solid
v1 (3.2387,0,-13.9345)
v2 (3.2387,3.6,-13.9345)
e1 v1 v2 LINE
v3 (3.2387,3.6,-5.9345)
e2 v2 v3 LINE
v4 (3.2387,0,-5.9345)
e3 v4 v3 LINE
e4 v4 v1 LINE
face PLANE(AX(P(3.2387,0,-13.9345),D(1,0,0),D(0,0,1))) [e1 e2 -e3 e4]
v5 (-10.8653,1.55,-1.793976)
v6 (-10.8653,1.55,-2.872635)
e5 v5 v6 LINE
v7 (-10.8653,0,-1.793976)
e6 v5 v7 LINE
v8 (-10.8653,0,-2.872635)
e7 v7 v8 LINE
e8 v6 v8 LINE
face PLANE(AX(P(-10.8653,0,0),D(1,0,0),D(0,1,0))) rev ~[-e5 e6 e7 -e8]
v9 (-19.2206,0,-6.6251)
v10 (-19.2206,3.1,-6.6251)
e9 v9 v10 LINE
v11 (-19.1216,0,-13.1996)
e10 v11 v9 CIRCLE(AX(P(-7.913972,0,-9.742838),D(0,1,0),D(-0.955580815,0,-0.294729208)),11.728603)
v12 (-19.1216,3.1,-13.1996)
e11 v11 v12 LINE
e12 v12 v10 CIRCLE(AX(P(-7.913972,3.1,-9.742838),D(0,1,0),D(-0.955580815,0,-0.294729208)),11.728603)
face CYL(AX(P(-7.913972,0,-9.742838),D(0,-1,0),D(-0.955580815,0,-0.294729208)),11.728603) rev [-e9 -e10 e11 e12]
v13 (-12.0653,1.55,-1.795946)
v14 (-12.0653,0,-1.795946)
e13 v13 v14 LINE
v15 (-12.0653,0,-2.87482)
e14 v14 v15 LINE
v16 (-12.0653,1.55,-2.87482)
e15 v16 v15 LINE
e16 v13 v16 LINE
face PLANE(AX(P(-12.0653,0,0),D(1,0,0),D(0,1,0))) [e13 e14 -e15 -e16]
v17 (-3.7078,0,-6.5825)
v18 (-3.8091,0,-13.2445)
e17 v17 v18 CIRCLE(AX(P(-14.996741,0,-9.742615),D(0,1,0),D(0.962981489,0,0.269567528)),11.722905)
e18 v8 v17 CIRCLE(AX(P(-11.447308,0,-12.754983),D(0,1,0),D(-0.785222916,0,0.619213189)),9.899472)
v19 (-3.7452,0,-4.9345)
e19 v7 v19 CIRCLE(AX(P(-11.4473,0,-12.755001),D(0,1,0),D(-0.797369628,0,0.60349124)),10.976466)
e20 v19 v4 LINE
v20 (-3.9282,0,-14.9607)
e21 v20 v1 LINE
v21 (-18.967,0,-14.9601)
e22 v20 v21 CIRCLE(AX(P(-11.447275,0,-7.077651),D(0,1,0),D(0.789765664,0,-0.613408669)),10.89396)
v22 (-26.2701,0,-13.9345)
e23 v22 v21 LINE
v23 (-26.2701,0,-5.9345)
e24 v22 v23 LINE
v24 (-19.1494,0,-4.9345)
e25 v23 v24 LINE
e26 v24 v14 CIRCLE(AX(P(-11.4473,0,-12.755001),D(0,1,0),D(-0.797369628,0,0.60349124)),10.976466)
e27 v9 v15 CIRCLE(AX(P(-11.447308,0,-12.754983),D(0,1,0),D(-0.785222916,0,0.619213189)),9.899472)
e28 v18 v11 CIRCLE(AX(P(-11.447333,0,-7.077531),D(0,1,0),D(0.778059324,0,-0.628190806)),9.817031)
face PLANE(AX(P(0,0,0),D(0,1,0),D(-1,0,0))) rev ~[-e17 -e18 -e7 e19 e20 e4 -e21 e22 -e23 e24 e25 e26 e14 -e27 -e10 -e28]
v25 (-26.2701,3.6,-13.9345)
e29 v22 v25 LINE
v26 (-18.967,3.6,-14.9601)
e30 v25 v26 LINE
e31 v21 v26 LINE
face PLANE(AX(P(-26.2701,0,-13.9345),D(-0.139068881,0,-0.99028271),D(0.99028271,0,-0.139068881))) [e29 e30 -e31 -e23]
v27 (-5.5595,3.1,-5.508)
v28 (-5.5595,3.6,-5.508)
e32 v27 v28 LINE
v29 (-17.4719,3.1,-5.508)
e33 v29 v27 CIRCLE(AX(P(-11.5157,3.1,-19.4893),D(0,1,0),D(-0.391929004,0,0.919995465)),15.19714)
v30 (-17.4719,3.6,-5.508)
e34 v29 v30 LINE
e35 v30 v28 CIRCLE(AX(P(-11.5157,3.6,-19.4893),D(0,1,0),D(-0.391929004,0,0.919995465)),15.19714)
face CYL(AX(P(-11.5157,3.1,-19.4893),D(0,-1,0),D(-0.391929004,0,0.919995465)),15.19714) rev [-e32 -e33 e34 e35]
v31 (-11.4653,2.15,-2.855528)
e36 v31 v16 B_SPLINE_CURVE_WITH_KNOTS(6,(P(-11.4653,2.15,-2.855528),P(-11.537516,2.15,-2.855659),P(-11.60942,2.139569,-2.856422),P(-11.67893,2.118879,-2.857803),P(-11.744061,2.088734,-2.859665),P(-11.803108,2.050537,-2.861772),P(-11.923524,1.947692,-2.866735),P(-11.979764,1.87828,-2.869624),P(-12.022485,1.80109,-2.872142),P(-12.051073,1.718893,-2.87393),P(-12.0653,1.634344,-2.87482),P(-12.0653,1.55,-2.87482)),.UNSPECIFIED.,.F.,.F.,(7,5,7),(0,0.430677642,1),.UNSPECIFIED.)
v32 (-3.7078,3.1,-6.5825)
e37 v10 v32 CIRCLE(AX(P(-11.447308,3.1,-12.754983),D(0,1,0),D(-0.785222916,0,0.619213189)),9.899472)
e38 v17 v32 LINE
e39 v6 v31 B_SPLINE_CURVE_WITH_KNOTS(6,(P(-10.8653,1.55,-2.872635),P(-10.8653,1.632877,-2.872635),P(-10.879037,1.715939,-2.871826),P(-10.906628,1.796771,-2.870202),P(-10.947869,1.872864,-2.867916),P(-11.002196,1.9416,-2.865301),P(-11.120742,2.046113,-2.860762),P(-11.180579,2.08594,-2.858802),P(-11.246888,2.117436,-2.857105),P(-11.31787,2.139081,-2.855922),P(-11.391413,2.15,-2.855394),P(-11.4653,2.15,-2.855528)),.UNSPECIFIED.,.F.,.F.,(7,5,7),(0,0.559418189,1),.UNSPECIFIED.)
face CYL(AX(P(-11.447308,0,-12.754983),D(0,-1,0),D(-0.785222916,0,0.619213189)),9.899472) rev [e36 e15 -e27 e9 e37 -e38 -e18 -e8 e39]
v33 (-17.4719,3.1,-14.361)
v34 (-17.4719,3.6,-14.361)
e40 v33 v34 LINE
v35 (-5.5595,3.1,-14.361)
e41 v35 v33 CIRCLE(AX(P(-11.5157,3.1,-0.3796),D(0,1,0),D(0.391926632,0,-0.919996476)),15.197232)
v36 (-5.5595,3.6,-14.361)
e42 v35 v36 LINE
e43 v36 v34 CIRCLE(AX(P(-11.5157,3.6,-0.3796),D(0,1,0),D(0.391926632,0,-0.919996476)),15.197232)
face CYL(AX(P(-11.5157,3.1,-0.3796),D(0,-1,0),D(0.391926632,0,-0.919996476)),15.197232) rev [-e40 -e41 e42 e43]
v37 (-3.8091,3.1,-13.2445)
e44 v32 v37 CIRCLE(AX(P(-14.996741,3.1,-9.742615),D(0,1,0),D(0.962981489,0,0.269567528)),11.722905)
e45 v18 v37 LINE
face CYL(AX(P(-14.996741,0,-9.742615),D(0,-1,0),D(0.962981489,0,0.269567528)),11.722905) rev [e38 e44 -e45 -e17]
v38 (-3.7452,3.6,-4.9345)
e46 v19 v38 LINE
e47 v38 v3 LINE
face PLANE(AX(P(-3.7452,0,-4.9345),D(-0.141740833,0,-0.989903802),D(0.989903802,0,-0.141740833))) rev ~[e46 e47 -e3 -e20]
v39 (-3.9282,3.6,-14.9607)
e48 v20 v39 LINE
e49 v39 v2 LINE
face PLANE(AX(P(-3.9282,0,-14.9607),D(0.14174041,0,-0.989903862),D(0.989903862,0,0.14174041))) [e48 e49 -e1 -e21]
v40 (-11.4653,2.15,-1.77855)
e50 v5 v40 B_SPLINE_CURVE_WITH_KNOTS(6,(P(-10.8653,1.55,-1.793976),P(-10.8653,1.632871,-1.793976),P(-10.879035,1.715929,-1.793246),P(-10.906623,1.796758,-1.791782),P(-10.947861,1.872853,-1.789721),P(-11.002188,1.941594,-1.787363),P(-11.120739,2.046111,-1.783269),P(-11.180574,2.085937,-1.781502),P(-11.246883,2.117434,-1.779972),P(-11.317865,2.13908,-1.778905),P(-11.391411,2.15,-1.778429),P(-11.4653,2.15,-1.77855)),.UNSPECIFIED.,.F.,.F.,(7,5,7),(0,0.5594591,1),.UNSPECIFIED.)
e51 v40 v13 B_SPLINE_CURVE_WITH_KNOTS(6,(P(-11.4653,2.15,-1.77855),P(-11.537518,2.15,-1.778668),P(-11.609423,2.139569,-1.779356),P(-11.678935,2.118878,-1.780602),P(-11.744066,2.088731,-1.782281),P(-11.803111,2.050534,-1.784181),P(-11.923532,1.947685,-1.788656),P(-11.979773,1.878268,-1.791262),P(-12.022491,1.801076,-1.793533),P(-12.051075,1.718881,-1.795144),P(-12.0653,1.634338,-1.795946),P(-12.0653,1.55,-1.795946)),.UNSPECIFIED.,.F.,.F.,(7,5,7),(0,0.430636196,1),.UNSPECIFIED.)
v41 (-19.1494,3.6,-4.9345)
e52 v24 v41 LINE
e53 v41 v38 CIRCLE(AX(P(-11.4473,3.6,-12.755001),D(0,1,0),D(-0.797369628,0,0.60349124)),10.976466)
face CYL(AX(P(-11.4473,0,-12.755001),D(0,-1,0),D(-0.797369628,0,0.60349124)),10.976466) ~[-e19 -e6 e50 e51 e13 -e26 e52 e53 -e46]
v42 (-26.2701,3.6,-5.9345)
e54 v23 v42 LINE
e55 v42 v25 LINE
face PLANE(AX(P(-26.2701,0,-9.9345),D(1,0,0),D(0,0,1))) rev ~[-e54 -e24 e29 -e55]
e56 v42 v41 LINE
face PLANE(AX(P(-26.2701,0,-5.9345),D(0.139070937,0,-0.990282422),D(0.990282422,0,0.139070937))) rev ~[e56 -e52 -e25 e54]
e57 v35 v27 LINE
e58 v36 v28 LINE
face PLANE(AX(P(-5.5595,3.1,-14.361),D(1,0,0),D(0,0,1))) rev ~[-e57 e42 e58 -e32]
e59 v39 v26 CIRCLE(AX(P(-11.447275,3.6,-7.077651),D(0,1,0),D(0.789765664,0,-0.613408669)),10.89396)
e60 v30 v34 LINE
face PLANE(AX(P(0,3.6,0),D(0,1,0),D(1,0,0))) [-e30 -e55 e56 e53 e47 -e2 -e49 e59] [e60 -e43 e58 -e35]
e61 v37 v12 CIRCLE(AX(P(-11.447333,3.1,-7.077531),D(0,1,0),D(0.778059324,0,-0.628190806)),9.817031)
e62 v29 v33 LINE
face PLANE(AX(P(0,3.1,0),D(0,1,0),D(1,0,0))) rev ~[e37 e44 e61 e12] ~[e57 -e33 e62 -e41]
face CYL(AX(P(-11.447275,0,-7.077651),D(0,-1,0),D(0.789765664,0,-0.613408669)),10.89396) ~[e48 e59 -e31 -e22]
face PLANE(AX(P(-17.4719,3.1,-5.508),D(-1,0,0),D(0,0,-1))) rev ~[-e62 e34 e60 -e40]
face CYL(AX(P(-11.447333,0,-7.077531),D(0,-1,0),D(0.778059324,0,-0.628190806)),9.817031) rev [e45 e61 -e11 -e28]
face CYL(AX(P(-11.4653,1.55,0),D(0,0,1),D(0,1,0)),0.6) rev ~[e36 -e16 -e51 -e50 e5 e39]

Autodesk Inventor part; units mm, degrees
ref_plane "Arbeitsebene3" through (-3.4226, 4.8, -13.6708) normal (0.2249, 0.9744, -0.004) x (0.0178, 0, 0.9998)
ref_plane "YZ Plane" through (0, 0, 0) normal (1, 0, 0) x (0, 1, 0)
ref_plane "XZ Plane" through (0, 0, 0) normal (0, 1, 0) x (-1, 0, 0)
sketch "Skizze1" plane through (0, 0, 0) normal (0, 1, 0) x (-1, 0, 0)
  line L0 (0, 0) -> (21.4435, 0) construction
  line L1 (21.4435, 0) -> (21.4435, -17.7713) construction
  line L2 (21.4435, -17.7713) -> (0, -17.7713) construction
  line L3 (0, -17.7713) -> (0, 0) construction
  arc A0 (3.4429, -6.1124) -> (3.5369, -12.2987) centre (13.9264, -9.047) ccw
  arc A1 (3.5369, -12.2987) -> (17.7561, -12.2571) centre (10.6298, -6.5721) ccw
  arc A2 (17.8481, -6.152) -> (3.4429, -6.1124) centre (10.6298, -11.844) ccw
  arc A3 (17.7561, -12.2571) -> (17.8481, -6.152) centre (7.348, -9.047) ccw
  line L4 (3.0399, -9.047) -> (18.2399, -9.047)
  line L5 (10.6298, -2.6515) -> (10.6298, -15.6882)
  dimension "d9" = 15.2
  dimension "d12" = 13.0368
sketch "Skizze2" plane through (0, 0, 0) normal (0, 1, 0) x (-1, 0, 0)
  line L0 (0, 0) -> (21.0912, 0) construction
  line L1 (21.0912, 0) -> (21.0912, -24.0698) construction
  line L2 (21.0912, -24.0698) -> (0, -24.0698) construction
  line L3 (0, -24.0698) -> (0, 0) construction
  line L4 (17.3479, -12.3442) -> (17.5564, -17.8355)
  line L5 (0, -15.4153) -> (21.0912, -15.022)
  point P0 (17.4522, -15.0899)
  point P1 (17.8576, -15.0823)
  point P2 (2.6602, -15.3657)
  point P3 (10.1167, -10.9016)
  point P4 (10.0352, -15.2282)
  point P5 (10.3203, -19.614)
  point P6 (15.9484, -15.1179)
  point P7 (4.4034, -15.3332)
  dimension "d38" = 15.2
  dimension "d47" = 8.7147
sketch "Skizze3" plane through (0, 0, 0) normal (0, 1, 0) x (-1, 0, 0)
  line L0 (0, 0) -> (41.0457, 0) construction
  line L1 (41.0457, 0) -> (41.0457, -50.0176) construction
  line L2 (41.0457, -50.0176) -> (0, -50.0176) construction
  line L3 (0, -50.0176) -> (0, 0) construction
  arc A0 (26.8609, -29.1094) -> (14.9484, -29.1094) centre (20.9046, -43.0907) ccw
  arc A1 (14.9484, -37.9624) -> (26.8609, -37.9624) centre (20.9046, -23.981) ccw
  line L4 (26.8609, -29.1094) -> (26.8609, -37.9624)
  line L5 (14.9484, -37.9624) -> (14.9484, -29.1094)
  point P0 (20.7813, -28.8717)
  point P1 (20.996, -37.5841)
  dimension "d49" = 8.715
  dimension "d57" = 15.1972
  dimension "d58" = 15.1972
  dimension "d59" = 11.9125
  dimension "d67" = 8.853
  dimension "d69" = 0
  dimension "d70" = 8.853
sketch "Skizze4" plane through (0, 0, 0) normal (0, 1, 0) x (-1, 0, 0)
  arc A0 (19.2206, -6.6251) -> (3.7078, -6.5825) centre (11.4473, -12.755) ccw
  arc A1 (19.1216, -13.1996) -> (19.2206, -6.6251) centre (7.9131, -9.7427) ccw
  arc A2 (3.8091, -13.2445) -> (19.1216, -13.1996) centre (11.4473, -7.0776) ccw
  arc A3 (3.7078, -6.5825) -> (3.8091, -13.2445) centre (14.9974, -9.7427) ccw
  arc A4 (20.1996, -6.1308) -> (2.731, -6.0835) centre (11.4473, -12.755) ccw
  arc A5 (20.0894, -13.7103) -> (20.1996, -6.1308) centre (7.9131, -9.7427) ccw
  arc A6 (2.8436, -13.7601) -> (20.0894, -13.7103) centre (11.4473, -7.0776) ccw
  arc A7 (2.731, -6.0835) -> (2.8436, -13.7601) centre (14.9974, -9.7427) ccw
  point P0 (0, 0)
  dimension "d60" = 1.077
extrude "Extrusion1" add sketch "Skizze4" along normal blind 3.1
sketch "Skizze8" plane through (0, 3.1, 0) normal (0, 1, 0) x (1, 0, 0)
  line L0 (-17.4719, 5.508) -> (-17.4719, 14.361)
  arc A0 (-17.4719, 5.508) -> (-5.5595, 5.508) centre (-11.5157, 19.4893) ccw
  arc A1 (-5.5595, 14.361) -> (-17.4719, 14.361) centre (-11.5157, 0.3796) ccw
  line L1 (-5.5595, 14.361) -> (-5.5595, 5.508)
  line L2 (-17.4719, 5.508) -> (-5.5595, 14.361) construction
  line L3 (-17.4719, 14.361) -> (-5.5595, 5.508) construction
  arc A2 (-19.1216, 13.1996) -> (-19.2206, 6.6251) centre (-7.9131, 9.7427) ccw construction
  arc A3 (-3.8091, 13.2445) -> (-19.1216, 13.1996) centre (-11.4473, 7.0776) ccw construction
  arc A4 (-3.7078, 6.5825) -> (-3.8091, 13.2445) centre (-14.9974, 9.7427) ccw construction
  arc A5 (-19.2206, 6.6251) -> (-3.7078, 6.5825) centre (-11.4473, 12.755) ccw construction
  arc A6 (-20.1996, 6.1308) -> (-2.731, 6.0835) centre (-11.4473, 12.755) ccw projected
  arc A7 (-2.731, 6.0835) -> (-2.8436, 13.7601) centre (-14.9974, 9.7427) ccw projected
  arc A8 (-2.8436, 13.7601) -> (-20.0894, 13.7103) centre (-11.4473, 7.0776) ccw projected
  arc A9 (-20.0894, 13.7103) -> (-20.1996, 6.1308) centre (-7.9131, 9.7427) ccw projected
  line L4 (-19.2206, 6.6251) -> (-3.8091, 13.2445) construction
  line L5 (-19.1216, 13.1996) -> (-3.7078, 6.5825) construction
  point P0 (0, 0)
  point P1 (-11.5157, 9.9345)
  point P2 (-11.5157, 9.9345)
extrude "Extrusion3" add sketch "Skizze8" along normal blind 0.5
sketch "Skizze9" plane through (0, 0, 0) normal (0, 0, 1) x (1, 0, 0)
  line L0 (-2.731, 0) -> (-20.1996, 0) construction
  line L1 (-2.731, 0) -> (-2.731, 3.6) construction
  line L2 (-20.1996, 3.6) -> (-2.731, 3.6) construction
  line L3 (-20.1996, 0) -> (-20.1996, 3.6) construction
  line L4 (-3.8091, 0) -> (-19.1216, 0) projected
  line L5 (-11.4653, 0) -> (-12.0653, 0)
  line L6 (-12.0653, 0) -> (-12.0653, 1.55)
  arc A0 (-11.4653, 2.15) -> (-12.0653, 1.55) centre (-11.4653, 1.55) ccw
  line L7 (-11.4653, 1.55) -> (-11.4653, 2.15) construction
  line L8 (-11.4653, 1.55) -> (-12.0653, 1.55) construction
  line L9 (-11.4653, 0) -> (-11.4653, 6.3928) construction
  line L10 (-20.1996, 0) -> (-2.731, 0) construction
  line L11 (-10.8653, 0) -> (-10.8653, 1.55)
  arc A1 (-10.8653, 1.55) -> (-11.4653, 2.15) centre (-11.4653, 1.55) ccw
  line L12 (-11.4653, 0) -> (-10.8653, 0)
  point P0 (0, 0)
  dimension "d75" = 0.6
  dimension "d76" = 90
  dimension "d77" = 1.55
extrude "Extrusion4" cut sketch "Skizze9" against normal up to next
sketch "Skizze10" plane through (0, 0, 0) normal (0, 1, 0) x (-1, 0, 0)
  arc A0 (5.5595, -14.361) -> (17.4719, -14.361) centre (11.5157, -0.3796) ccw projected
  line L0 (5.5595, -14.361) -> (5.5595, -5.508) projected
  arc A1 (17.4719, -5.508) -> (5.5595, -5.508) centre (11.5157, -19.4893) ccw projected
  line L1 (17.4719, -5.508) -> (17.4719, -14.361) projected
  arc A2 (20.1996, -6.1308) -> (2.731, -6.0835) centre (11.4473, -12.755) ccw projected
  arc A3 (2.731, -6.0835) -> (2.8436, -13.7601) centre (14.9974, -9.7427) ccw projected
  arc A4 (2.8436, -13.7601) -> (20.0894, -13.7103) centre (11.4473, -7.0776) ccw projected
  arc A5 (20.0894, -13.7103) -> (20.1996, -6.1308) centre (7.9131, -9.7427) ccw projected
  arc A6 (20.1996, -6.1308) -> (2.731, -6.0835) centre (11.4473, -12.755) ccw projected
  line L2 (5.5595, -14.361) -> (5.5595, -5.508) construction
  line L3 (5.5595, -9.9345) -> (-7.2798, -9.9345) construction
  line L4 (3.7452, -4.9345) -> (-3.2387, -5.9345)
  line L5 (-3.2387, -5.9345) -> (-3.2387, -9.9345)
  line L6 (3.9282, -14.9607) -> (-3.2387, -13.9345)
  line L7 (-3.2387, -13.9345) -> (-3.2387, -9.9345)
  line L8 (17.4719, -5.508) -> (17.4719, -14.361) construction
  line L9 (17.4719, -9.9345) -> (23.9782, -9.9345) construction
  line L10 (22.5662, -4.9345) -> (14.2748, -4.9345) construction
  arc A7 (2.731, -6.0835) -> (2.8436, -13.7601) centre (14.9974, -9.7427) ccw construction
  line L11 (26.2701, -9.9345) -> (26.2701, -5.9345)
  line L12 (26.2701, -5.9345) -> (19.1494, -4.9345)
  line L13 (26.2701, -9.9345) -> (26.2701, -13.9345)
  line L14 (26.2701, -13.9345) -> (18.967, -14.9601)
  point P0 (0, 0)
  point P1 (3.7452, -14.9345)
  point P2 (2.1983, -9.9345)
  point P3 (2.1983, -9.9345)
  point P4 (19.1494, -14.9345)
  dimension "d80" = 5
  dimension "d81" = 5
  dimension "d82" = 8.7982
  dimension "d83" = 8.7982
  dimension "d84" = 4
  dimension "d85" = 4
extrude "Extrusion5" add sketch "Skizze10" along normal up to surface (3.6 mm away) contours A2 L12 L11 L13 L14 A4 A5 | A2 A3 A4 L6 L7 L5 L4
sketch "Skizze13" plane through (0, 0, 0) normal (0, -1, 0) x (1, 0, 0)
  line L0 (-3.7452, -4.9345) -> (3.2387, -5.9345) projected
  line L1 (3.2387, -13.9345) -> (-3.9282, -14.9607) projected
  arc A0 (-3.8091, -13.2445) -> (-3.7078, -6.5825) centre (-14.9974, -9.7427) ccw projected
  arc A1 (-3.3813, -14.9345) -> (-2.5876, -6.9345) centre (-14.9974, -9.7427) ccw
  line L2 (3.2387, -5.9345) -> (3.2387, -13.9345) projected
  line L3 (3.2387, -6.9345) -> (-2.5876, -6.9345)
  line L4 (3.2387, -14.9345) -> (-3.3813, -14.9345)
  point P0 (0, 0)
  dimension "d92" = 1
  dimension "d104" = 1
  dimension "d105" = 1
sketch "Skizze12" plane through (0, 0, 0) normal (0, -1, 0) x (1, 0, 0)
  arc A0 (-3.5369, -12.2987) -> (-3.4429, -6.1124) centre (-13.9264, -9.047) ccw projected
  arc A1 (-17.7561, -12.2571) -> (-3.5369, -12.2987) centre (-10.6298, -6.5721) ccw projected
  arc A2 (-17.8481, -6.152) -> (-17.7561, -12.2571) centre (-7.348, -9.047) ccw projected
  arc A3 (-11.2465, -2.6722) -> (-17.8481, -6.152) centre (-10.6298, -11.844) ccw projected
  line L0 (-11.2465, -2.6722) -> (-11.2465, -1.6701) projected
  arc A4 (-11.2465, -1.6701) -> (-17.9952, -4.7985) centre (-10.6298, -11.844) ccw projected
  line L1 (-25.4478, -5.693) -> (-17.9952, -4.7985) projected
  line L2 (-25.4478, -12.757) -> (-25.4478, -5.693) projected
  line L3 (-17.8374, -13.6705) -> (-25.4478, -12.757) projected
  arc A5 (-17.8374, -13.6705) -> (-3.4226, -13.6708) centre (-10.6298, -6.5721) ccw projected
  line L4 (-17.9952, -4.7985) -> (-17.963, -6.6068)
  line L5 (-17.8695, -11.8632) -> (-17.8374, -13.6705)
  arc A6 (-2.3529, -11.757) -> (-2.2753, -6.693) centre (-13.9264, -9.047) ccw projected
  line L6 (4.0611, -5.693) -> (4.0611, -6.693) projected
  line L7 (-3.2644, -4.7985) -> (4.0611, -5.693) projected
  arc A7 (-3.2644, -4.7985) -> (-10.0465, -1.6682) centre (-10.6298, -11.844) ccw projected
  line L8 (-10.0465, -1.6682) -> (-10.0465, -2.67) projected
  arc A8 (-3.4429, -6.1124) -> (-10.0465, -2.67) centre (-10.6298, -11.844) ccw projected
  line L9 (4.0611, -12.757) -> (-3.4226, -13.6708) projected
  line L10 (4.0611, -11.757) -> (4.0611, -12.757) projected
  line L11 (4.0611, -11.757) -> (-2.3529, -11.757) projected
  line L12 (-2.2753, -6.693) -> (4.0611, -6.693) projected
  point P0 (0, 0)
properties part number "Main"
